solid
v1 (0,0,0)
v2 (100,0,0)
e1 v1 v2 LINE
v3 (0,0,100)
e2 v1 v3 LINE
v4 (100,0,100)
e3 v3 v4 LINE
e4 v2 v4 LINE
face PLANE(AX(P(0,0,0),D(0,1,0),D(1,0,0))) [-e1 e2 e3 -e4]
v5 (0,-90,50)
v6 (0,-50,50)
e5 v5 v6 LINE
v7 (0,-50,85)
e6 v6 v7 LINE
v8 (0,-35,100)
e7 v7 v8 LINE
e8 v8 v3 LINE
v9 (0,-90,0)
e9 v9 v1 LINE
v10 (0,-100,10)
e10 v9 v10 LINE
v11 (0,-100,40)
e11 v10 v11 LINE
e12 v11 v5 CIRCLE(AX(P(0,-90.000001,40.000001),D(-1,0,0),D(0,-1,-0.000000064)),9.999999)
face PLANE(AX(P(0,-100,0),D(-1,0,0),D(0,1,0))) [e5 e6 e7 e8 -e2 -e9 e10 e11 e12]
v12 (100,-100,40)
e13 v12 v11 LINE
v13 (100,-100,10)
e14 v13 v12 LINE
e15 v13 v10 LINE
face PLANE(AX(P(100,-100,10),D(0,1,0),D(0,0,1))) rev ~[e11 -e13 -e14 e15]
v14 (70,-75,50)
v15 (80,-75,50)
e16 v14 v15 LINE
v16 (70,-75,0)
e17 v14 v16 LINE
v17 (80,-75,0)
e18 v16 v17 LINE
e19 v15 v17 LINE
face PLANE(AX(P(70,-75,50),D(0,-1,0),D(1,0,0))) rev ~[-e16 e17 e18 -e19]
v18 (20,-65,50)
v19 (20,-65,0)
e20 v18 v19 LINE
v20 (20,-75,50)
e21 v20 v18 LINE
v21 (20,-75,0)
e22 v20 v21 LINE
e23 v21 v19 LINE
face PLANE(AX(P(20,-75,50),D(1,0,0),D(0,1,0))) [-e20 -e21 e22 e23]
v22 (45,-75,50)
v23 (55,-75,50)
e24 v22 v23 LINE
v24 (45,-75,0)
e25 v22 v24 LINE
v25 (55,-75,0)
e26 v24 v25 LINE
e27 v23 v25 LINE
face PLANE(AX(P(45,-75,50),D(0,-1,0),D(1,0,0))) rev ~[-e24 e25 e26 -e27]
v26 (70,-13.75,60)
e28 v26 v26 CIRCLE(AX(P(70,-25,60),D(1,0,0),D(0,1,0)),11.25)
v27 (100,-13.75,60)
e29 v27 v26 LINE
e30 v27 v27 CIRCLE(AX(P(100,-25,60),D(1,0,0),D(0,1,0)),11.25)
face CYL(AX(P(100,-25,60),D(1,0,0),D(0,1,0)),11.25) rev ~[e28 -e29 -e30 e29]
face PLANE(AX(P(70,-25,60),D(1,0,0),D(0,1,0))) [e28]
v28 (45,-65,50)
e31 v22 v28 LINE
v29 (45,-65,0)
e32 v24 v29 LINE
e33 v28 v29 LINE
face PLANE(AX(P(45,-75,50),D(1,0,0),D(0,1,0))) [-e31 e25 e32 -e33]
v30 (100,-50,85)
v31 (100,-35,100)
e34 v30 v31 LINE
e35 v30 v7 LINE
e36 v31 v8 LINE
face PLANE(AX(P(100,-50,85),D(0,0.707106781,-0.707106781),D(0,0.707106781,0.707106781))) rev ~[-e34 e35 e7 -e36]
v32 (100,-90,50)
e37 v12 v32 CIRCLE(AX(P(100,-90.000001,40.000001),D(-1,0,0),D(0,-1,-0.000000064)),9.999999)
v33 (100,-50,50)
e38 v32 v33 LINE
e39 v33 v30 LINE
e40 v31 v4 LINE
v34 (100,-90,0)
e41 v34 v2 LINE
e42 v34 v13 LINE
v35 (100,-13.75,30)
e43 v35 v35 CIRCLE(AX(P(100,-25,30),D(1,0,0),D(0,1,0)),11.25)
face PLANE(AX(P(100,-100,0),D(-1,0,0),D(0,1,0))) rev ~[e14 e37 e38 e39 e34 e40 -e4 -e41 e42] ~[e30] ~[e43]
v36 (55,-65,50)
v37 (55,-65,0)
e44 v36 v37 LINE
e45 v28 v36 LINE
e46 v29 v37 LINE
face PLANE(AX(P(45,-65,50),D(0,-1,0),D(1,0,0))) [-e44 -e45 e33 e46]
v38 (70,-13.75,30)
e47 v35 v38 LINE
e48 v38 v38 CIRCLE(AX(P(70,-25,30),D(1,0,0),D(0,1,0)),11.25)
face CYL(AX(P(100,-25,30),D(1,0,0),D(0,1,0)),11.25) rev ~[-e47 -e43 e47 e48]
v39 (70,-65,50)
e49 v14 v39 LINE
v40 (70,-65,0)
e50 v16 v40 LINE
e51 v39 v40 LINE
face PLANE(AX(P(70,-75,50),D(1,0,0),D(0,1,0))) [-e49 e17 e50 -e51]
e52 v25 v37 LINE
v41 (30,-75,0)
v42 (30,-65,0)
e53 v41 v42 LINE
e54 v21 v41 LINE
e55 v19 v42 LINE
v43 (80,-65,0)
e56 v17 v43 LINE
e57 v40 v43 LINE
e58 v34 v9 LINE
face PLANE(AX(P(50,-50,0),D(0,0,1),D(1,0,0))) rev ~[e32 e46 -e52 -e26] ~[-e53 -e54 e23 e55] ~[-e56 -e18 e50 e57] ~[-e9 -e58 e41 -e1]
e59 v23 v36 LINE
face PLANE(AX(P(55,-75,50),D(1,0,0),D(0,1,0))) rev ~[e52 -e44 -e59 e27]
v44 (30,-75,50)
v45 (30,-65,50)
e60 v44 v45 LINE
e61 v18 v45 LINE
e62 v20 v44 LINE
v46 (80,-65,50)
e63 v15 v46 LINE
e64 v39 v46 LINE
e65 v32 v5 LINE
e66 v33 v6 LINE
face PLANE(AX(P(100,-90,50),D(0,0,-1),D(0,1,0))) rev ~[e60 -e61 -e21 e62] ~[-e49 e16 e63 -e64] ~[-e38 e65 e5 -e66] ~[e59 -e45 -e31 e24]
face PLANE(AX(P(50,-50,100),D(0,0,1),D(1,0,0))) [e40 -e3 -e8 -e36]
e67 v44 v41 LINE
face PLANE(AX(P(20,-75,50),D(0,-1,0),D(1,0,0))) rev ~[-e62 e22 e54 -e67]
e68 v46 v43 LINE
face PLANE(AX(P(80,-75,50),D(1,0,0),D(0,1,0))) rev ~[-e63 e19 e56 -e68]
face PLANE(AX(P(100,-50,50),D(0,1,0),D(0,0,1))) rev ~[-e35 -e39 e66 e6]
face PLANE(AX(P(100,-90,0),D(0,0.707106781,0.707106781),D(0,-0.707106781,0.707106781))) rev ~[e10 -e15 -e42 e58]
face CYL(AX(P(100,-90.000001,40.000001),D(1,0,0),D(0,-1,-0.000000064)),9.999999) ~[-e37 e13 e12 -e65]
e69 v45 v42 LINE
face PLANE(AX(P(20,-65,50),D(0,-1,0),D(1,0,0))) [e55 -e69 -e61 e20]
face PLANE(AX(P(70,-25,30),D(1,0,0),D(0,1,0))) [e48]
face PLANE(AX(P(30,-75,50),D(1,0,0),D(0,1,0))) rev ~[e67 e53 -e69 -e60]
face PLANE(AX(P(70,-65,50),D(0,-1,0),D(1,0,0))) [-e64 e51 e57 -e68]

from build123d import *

# Parameters (mm, degrees)
F0_W     = 100
F0_H     = 100
F1_DEPTH = 100
F3_DEPTH = 100
F4_R     = 11.25
F5_DEPTH = 30
F6_W     = 10
F6_H     = 10
F7_DEPTH = 50


with BuildPart() as f1:
    # F0 (on Top) → F1 (new body)
    with BuildSketch(Plane.XY):
        with Locations((50, -50)):
            Rectangle(F0_W, F0_H)
    extrude(amount=F1_DEPTH)

    # F2 (on face) → F3 (cut)
    with BuildSketch(Plane.YZ.offset(100)):
        with BuildLine():
            Line((-88.576018, -5.630251), (-90, 0))
            Line((-90, 0), (-100, 10))
            Line((-100, 10), (-100, 40))
            ThreePointArc((-100, 40), (-97.071068, 47.071068), (-90, 50))
            Line((-90, 50), (-50, 50))
            Line((-50, 50), (-50, 85))
            Line((-50, 85), (-35, 100))
            Line((-35, 100), (-35, 130.032703))
            Line((-35, 130.032703), (-148.719932, 130.032703))
            Line((-148.719932, 130.032703), (-148.719932, -5.630251))
            Line((-148.719932, -5.630251), (-88.576018, -5.630251))
        make_face()
    extrude(amount=-F3_DEPTH, mode=Mode.SUBTRACT)

    # F4 (on face) → F5 (cut)
    with BuildSketch(Plane.YZ.offset(100)):
        with Locations((-25, 60)):
            Circle(F4_R)
        with Locations((-25, 30)):
            Circle(F4_R)
    extrude(amount=-F5_DEPTH, mode=Mode.SUBTRACT)

    # F6 (on face) → F7 (cut)
    with BuildSketch(Plane.XY.offset(50)):
        with Locations((25, -70)):
            Rectangle(F6_W, F6_H)
        with Locations((50, -70)):
            Rectangle(F6_W, F6_H)
        with Locations((75, -70)):
            Rectangle(F6_W, F6_H)
    extrude(amount=-F7_DEPTH, mode=Mode.SUBTRACT)


solid = f1.part
